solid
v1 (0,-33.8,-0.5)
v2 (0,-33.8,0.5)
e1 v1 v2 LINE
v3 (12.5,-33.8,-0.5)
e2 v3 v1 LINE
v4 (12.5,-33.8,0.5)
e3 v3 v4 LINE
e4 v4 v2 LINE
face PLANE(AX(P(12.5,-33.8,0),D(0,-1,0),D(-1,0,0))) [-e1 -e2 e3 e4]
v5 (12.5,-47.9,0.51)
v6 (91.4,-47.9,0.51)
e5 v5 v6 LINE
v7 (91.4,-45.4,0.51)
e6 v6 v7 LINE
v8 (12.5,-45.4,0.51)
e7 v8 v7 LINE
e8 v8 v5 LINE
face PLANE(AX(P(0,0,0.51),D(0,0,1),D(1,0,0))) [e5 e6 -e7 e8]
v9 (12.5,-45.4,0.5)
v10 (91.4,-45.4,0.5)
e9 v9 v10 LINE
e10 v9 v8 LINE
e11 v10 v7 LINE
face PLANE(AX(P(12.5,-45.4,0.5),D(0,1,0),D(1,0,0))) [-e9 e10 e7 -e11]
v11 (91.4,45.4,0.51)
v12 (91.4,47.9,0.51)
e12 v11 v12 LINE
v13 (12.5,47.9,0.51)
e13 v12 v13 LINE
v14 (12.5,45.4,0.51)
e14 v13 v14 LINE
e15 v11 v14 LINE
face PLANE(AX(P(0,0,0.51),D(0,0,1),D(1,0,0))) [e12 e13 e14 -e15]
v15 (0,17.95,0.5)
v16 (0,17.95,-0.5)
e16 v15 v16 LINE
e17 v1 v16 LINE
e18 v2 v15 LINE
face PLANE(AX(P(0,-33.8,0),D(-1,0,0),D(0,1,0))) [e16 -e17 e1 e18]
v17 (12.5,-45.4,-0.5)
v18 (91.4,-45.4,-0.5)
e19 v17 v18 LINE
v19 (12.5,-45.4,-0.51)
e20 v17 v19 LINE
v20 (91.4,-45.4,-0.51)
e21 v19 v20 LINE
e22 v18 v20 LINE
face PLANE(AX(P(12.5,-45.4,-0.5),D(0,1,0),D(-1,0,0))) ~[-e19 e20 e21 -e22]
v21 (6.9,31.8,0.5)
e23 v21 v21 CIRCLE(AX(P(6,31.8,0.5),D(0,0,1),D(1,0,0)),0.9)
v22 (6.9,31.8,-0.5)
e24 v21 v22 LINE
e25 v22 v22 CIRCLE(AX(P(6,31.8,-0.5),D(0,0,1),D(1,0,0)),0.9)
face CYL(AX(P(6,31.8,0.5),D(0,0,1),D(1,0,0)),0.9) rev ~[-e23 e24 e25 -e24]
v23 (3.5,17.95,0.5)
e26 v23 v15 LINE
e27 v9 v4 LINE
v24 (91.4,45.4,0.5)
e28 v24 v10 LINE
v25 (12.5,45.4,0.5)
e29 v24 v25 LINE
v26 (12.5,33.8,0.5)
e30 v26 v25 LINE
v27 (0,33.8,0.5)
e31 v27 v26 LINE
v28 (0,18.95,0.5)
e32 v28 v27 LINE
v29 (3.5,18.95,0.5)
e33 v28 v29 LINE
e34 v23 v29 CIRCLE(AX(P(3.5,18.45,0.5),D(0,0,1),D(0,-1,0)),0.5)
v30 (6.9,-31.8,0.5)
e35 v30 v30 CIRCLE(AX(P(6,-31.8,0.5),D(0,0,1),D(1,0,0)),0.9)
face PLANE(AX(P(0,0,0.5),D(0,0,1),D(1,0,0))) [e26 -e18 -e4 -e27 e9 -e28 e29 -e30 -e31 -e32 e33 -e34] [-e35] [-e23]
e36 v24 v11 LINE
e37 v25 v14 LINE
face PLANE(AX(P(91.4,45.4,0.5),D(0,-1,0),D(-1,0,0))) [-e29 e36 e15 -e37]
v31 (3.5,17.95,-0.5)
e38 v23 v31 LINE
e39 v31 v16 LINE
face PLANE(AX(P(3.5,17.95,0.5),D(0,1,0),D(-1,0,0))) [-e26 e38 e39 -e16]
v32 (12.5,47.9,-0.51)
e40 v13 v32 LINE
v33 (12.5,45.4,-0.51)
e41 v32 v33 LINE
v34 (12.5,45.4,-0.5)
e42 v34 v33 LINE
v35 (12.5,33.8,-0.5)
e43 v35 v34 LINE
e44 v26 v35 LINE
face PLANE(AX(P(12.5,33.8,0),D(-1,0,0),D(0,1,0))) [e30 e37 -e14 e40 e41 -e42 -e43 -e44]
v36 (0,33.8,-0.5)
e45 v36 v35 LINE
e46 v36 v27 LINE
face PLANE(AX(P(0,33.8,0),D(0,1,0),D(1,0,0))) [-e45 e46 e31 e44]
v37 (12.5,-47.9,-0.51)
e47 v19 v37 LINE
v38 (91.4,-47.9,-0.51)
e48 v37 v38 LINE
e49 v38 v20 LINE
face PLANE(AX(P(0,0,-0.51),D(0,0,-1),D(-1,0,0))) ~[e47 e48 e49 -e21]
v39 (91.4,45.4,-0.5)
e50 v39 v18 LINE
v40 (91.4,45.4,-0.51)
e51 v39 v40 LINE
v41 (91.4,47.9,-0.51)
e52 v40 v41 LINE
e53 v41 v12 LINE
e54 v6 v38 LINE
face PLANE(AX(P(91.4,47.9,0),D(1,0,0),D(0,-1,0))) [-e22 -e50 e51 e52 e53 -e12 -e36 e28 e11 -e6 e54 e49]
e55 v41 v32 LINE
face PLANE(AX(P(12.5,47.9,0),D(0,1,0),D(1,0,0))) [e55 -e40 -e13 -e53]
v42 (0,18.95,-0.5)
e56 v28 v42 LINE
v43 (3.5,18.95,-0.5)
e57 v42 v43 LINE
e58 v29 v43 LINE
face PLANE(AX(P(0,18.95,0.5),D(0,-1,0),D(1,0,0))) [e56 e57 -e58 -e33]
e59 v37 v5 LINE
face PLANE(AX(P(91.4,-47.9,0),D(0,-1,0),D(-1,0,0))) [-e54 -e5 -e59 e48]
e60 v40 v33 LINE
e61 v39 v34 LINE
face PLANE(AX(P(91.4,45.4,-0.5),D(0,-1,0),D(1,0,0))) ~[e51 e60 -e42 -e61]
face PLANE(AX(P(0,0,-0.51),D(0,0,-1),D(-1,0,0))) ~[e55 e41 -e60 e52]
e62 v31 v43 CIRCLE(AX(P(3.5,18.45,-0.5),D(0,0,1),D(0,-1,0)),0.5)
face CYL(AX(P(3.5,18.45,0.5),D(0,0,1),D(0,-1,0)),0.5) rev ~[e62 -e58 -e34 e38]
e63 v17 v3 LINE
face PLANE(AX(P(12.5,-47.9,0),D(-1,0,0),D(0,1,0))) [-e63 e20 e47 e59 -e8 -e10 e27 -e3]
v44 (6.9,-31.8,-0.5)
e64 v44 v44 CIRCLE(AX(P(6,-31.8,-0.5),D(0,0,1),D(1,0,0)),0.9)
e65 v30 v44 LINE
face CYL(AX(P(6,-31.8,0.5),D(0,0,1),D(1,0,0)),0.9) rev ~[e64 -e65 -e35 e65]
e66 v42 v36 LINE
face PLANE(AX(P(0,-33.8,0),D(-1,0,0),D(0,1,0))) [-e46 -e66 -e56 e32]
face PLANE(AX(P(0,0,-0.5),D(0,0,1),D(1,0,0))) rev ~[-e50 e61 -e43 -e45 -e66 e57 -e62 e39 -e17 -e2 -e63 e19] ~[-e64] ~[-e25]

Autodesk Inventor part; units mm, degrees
ref_plane "YZ Plane" through (0, 0, 0) normal (1, 0, 0) x (0, 1, 0)
ref_plane "XZ Plane" through (0, 0, 0) normal (0, 1, 0) x (-1, 0, 0)
ref_plane "XY Plane" through (0, 0, 0) normal (0, 0, 1) x (1, 0, 0)
sketch "Sketch1" plane through (0, 0, 0) normal (0, 0, 1) x (1, 0, 0)
  line L0 (0, 33.8) -> (12.5, 33.8)
  line L1 (12.5, 33.8) -> (12.5, 47.9)
  line L2 (12.5, 47.9) -> (91.4, 47.9)
  line L3 (91.4, 47.9) -> (91.4, -47.9)
  line L4 (91.4, -47.9) -> (12.5, -47.9)
  line L5 (12.5, -47.9) -> (12.5, -33.8)
  line L6 (12.5, -33.8) -> (0, -33.8)
  line L7 (0, -33.8) -> (0, 33.8)
  line L8 (-4.5, 48) -> (91.5, 48) construction
  line L9 (91.5, 48) -> (91.5, -48) construction
  line L10 (91.5, -48) -> (-4.5, -48) construction
  line L11 (-4.5, -48) -> (-4.5, 48) construction
  line L12 (-4.4, 47.9) -> (-3.4, 47.9) construction
  line L13 (-3.4, 47.9) -> (-3.4, -47.9) construction
  line L14 (-3.4, -47.9) -> (-4.4, -47.9) construction
  line L15 (-4.4, -47.9) -> (-4.4, 47.9) construction
  point P0 (0, 0)
  point P1 (0, 0)
  point P2 (-4.5, 0)
  dimension "d0" = 67.6
  dimension "d1" = 95.8
  dimension "d2" = 91.4
  dimension "d3" = 12.5
  dimension "d20" = 96
  dimension "d21" = 96
  dimension "d22" = 0.1
  dimension "d23" = 0.1
  dimension "d24" = 1
  dimension "d25" = 0.1
  dimension "d26" = 3.4
extrude "Extrusion1" add sketch "Sketch1" along normal mid plane 1
sketch "Sketch2" plane through (0, 0, 0.5) normal (0, 0, 1) x (1, 0, 0)
  line L0 (12.5, 33.8) -> (0, 33.8) projected
  line L1 (0, 33.8) -> (0, -33.8) projected
  line L2 (0, -33.8) -> (12.5, -33.8) projected
  line L3 (12.5, -33.8) -> (12.5, -47.9) projected
  line L4 (12.5, -47.9) -> (91.4, -47.9) projected
  line L5 (91.4, -47.9) -> (91.4, 47.9) projected
  line L6 (91.4, 47.9) -> (12.5, 47.9) projected
  line L7 (12.5, 47.9) -> (12.5, 33.8) projected
  line L8 (91.4, -47.9) -> (91.4, 47.9) projected
  line L9 (12.5, 47.9) -> (91.4, 47.9)
  line L10 (91.4, 47.9) -> (91.4, 45.4)
  line L11 (91.4, 45.4) -> (12.5, 45.4)
  line L12 (12.5, 45.4) -> (12.5, 47.9)
  line L13 (91.4, -47.9) -> (12.5, -47.9)
  line L14 (12.5, -47.9) -> (12.5, -45.4)
  line L15 (12.5, -45.4) -> (91.4, -45.4)
  line L16 (91.4, -45.4) -> (91.4, -47.9)
  point P0 (0, 0)
  dimension "d6" = 2.5
  dimension "d27" = 90.8
extrude "Extrusion2" add sketch "Sketch2" along normal blind 0.01 contours L7 L6 L5 L11 | L5 L4 L3 L15
mirror "Mirror1" about plane through (0, 0, 0) normal (0, 0, 1) of "Extrusion2"
sketch "Sketch3" plane through (0, 0, 0.5) normal (0, 0, 1) x (1, 0, 0)
  circle A0 centre (6, 31.8) radius 0.9
  circle A1 centre (6, -31.8) radius 0.9
  point P0 (0, 0)
  dimension "d9" = 1.8
  dimension "d10" = 6
  dimension "d11" = 31.8
  dimension "d12" = 31.8
extrude "Extrusion3" cut sketch "Sketch3" against normal through all
sketch "Sketch4" plane through (0, 0, 0.5) normal (0, 0, 1) x (1, 0, 0)
  circle A0 centre (6, 31.8) radius 0.9 projected
  circle A1 centre (6, -31.8) radius 0.9 projected
  line L0 (12.5, -45.4) -> (91.4, -45.4) projected
  line L1 (91.4, -45.4) -> (91.4, 45.4) projected
  line L2 (91.4, 45.4) -> (12.5, 45.4) projected
  line L3 (12.5, 45.4) -> (12.5, 33.8) projected
  line L4 (12.5, 33.8) -> (0, 33.8) projected
  line L5 (0, 33.8) -> (0, -33.8) projected
  line L6 (0, -33.8) -> (12.5, -33.8) projected
  line L7 (12.5, -33.8) -> (12.5, -45.4) projected
  line L8 (0, 18.95) -> (3.5, 18.95)
  arc A2 (3.5, 17.95) -> (3.5, 18.95) centre (3.5, 18.45) ccw
  line L9 (3.5, 17.95) -> (0, 17.95)
  point P0 (0, 0)
  dimension "d15" = 17.95
  dimension "d16" = 3.5
  dimension "d17" = 1
extrude "Extrusion4" cut sketch "Sketch4" against normal through all contours L5 L8 A2 L9
equation "\"d23\" = d22"
equation "\"d25\" = d22"
equation "\"d12\" = d11"
properties part number "RCS_PCB" material "Epoxy Resin"
